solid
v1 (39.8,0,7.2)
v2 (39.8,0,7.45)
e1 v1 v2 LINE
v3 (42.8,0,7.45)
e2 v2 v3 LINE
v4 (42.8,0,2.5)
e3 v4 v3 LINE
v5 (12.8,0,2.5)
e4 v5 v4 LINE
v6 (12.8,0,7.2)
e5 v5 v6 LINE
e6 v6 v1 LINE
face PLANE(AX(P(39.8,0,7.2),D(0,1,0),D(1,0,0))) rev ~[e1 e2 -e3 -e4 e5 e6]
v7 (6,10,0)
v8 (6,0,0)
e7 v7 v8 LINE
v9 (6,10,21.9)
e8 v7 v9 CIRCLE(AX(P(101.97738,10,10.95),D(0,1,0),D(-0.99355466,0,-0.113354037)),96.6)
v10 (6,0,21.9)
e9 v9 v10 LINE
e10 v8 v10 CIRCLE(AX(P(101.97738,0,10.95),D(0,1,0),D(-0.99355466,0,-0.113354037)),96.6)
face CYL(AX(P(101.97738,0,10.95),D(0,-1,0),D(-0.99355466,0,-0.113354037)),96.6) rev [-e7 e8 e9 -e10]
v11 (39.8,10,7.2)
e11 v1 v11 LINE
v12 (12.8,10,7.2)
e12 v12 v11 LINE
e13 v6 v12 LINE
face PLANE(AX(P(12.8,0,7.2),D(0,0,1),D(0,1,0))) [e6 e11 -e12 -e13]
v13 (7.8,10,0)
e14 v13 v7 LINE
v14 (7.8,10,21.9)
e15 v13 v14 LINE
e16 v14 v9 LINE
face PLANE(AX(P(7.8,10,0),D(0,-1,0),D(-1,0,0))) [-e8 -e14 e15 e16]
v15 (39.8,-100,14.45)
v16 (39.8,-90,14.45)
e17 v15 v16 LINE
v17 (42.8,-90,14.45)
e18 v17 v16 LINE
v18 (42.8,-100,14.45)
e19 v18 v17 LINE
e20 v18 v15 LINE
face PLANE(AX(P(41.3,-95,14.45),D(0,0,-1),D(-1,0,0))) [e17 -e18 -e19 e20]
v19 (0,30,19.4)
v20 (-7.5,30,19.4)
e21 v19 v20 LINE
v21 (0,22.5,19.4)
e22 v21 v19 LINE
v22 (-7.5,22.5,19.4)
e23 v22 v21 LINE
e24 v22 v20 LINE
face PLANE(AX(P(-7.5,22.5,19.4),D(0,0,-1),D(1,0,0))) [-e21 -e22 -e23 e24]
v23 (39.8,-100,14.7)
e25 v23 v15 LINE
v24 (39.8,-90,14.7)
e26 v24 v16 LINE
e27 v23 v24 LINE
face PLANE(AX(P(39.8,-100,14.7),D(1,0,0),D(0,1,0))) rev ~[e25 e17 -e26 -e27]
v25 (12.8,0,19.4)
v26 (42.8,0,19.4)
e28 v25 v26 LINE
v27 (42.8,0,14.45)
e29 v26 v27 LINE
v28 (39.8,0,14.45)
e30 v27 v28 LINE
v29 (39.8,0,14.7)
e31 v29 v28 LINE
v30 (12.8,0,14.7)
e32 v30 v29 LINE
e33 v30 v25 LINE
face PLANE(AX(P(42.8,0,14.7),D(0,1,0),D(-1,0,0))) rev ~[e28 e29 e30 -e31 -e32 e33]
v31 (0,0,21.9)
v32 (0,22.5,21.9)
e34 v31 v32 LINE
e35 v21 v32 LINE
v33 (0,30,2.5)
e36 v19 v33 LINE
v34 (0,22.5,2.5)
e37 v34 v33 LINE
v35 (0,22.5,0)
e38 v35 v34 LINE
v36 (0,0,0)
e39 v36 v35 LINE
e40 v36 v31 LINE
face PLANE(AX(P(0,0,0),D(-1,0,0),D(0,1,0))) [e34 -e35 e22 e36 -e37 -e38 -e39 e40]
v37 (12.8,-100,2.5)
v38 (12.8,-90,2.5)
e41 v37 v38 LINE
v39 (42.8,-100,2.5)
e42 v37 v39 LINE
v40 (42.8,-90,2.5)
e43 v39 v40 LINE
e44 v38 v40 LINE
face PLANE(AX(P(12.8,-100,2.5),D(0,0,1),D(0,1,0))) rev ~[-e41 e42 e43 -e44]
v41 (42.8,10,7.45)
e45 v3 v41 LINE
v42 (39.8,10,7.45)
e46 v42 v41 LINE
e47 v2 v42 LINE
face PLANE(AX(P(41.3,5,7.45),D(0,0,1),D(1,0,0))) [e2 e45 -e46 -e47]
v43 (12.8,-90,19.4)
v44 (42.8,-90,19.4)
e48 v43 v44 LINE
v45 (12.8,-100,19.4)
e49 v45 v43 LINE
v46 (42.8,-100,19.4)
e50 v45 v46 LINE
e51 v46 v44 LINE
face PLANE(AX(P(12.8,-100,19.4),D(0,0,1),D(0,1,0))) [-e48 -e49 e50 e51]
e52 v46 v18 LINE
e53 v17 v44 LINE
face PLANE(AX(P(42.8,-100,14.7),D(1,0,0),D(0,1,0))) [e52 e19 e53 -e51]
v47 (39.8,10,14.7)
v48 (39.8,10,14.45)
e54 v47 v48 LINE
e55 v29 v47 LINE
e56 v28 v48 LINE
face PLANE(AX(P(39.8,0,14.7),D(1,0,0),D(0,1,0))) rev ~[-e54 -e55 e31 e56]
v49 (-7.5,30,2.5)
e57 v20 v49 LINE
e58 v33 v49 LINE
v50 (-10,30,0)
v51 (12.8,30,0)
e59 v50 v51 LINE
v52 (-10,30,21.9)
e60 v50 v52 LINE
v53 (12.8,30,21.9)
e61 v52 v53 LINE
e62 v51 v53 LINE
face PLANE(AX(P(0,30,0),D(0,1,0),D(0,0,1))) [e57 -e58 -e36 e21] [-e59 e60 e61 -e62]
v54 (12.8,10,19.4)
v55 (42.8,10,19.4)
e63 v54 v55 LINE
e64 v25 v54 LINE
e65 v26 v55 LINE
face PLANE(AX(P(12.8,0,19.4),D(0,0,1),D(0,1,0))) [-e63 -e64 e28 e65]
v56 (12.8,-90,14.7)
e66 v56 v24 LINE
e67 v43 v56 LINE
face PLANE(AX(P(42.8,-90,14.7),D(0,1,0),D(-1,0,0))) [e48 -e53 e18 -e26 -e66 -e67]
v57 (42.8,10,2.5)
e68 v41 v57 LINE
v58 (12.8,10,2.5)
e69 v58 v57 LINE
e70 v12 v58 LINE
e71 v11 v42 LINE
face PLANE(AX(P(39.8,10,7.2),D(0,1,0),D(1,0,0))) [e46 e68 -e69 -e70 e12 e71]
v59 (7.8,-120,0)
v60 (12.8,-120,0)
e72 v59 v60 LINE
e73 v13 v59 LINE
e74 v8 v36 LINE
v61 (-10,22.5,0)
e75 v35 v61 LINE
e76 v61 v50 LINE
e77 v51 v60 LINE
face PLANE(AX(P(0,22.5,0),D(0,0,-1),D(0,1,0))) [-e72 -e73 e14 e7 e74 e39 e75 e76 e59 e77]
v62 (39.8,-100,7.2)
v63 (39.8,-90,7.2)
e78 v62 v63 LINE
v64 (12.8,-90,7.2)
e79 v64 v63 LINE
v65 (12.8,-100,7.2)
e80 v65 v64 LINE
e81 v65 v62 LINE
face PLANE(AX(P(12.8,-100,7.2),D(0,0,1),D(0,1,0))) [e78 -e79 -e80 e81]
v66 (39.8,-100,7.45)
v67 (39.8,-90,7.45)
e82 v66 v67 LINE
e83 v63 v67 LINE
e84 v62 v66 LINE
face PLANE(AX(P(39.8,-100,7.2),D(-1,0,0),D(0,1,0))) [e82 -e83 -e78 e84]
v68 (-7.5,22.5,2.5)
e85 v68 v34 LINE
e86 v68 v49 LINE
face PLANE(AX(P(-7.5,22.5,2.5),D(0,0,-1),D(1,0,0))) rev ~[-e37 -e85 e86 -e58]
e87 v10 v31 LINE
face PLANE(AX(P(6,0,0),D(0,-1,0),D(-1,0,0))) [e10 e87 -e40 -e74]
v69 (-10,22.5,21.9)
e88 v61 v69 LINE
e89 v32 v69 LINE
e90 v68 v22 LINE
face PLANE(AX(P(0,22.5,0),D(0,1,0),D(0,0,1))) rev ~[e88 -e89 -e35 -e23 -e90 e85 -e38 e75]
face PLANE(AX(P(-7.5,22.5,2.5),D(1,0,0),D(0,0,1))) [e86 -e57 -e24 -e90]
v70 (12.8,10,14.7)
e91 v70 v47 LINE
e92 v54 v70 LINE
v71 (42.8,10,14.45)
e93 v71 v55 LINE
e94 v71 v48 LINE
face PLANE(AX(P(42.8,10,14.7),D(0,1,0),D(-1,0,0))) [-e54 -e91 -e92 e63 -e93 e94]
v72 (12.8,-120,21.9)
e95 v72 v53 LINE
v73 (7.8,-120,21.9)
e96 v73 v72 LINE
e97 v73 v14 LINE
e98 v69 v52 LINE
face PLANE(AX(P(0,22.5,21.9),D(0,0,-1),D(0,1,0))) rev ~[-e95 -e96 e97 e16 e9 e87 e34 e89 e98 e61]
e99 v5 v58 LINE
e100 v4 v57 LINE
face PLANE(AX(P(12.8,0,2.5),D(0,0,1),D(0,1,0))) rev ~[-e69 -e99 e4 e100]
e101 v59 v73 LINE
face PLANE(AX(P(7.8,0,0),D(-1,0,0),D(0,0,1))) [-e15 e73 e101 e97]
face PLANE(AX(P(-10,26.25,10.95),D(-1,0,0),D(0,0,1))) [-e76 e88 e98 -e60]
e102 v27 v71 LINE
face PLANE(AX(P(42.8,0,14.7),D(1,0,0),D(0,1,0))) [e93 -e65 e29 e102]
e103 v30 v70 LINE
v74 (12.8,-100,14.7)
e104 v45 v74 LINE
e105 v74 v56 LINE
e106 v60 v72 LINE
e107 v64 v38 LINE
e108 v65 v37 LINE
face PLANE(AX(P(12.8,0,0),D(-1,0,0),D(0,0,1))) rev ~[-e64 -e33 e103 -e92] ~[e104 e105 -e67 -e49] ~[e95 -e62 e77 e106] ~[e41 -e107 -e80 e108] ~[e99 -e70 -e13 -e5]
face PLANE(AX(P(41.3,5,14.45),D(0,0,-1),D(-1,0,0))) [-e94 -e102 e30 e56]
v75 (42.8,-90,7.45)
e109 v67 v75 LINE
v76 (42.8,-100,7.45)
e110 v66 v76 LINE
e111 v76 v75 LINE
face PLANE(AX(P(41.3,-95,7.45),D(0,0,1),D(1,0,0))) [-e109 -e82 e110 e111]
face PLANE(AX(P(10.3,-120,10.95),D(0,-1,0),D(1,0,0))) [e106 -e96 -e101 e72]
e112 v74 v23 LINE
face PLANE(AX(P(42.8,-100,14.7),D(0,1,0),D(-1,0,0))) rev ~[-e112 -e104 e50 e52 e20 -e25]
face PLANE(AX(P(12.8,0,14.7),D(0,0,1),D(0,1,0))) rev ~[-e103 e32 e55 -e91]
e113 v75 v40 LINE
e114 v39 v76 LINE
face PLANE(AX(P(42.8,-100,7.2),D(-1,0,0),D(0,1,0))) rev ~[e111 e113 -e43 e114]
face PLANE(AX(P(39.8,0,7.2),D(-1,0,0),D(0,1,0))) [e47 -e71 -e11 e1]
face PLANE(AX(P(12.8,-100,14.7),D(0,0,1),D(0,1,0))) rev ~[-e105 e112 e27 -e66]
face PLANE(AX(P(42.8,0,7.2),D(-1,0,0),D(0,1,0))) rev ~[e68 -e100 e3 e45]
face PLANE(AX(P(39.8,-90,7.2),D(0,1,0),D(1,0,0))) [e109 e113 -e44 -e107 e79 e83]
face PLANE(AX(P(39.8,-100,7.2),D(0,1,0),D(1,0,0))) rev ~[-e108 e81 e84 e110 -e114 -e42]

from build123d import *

# Parameters (mm, degrees)
BOSS_EXTRUDE1_DEPTH      = 21.9
SKETCH2_W                = 4.7
SKETCH2_H                = 10
BOSS_EXTRUDE2_DEPTH      = 30
SKETCH3_W                = 5
SKETCH3_H                = 21.9
BOSS_EXTRUDE3_DEPTH      = 120
SKETCH4_W                = 3
SKETCH4_H                = 10
BOSS_EXTRUDE4_DEPTH      = 0.25
SKETCH5_W                = 3
SKETCH5_H                = 10
BOSS_EXTRUDE5_DEPTH      = 0.25
CORTE_EXTRUS_O1_DEPTH    = 10
ESBO_O3_W                = 21.9
ESBO_O3_H                = 7.5
RESSALTO_EXTRUS_O2_DEPTH = 10
ESBO_O4_W                = 7.5
ESBO_O4_H                = 16.9
CORTE_EXTRUS_O2_DEPTH    = 10
PADR_O_LINEAR1_COUNT     = 2
PADR_O_LINEAR1_PITCH     = 100


with BuildPart() as part:
    # Sketch1 → Boss-Extrude1 (new body)
    with BuildSketch(Plane.XY):
        Polygon((0, 0), (0, 30), (12.8, 30), (12.8, 0), (7.8, 0), (7.8, 10), (6, 10), (6, 0), align=None)
    extrude(amount=BOSS_EXTRUDE1_DEPTH)

    # Sketch2 → Boss-Extrude2 (add)
    with BuildSketch(Plane(origin=(12.8, 0, 0), x_dir=(0, 0, -1), z_dir=(1, 0, 0))):
        with Locations((-17.05, 5)):
            Rectangle(SKETCH2_W, SKETCH2_H)
        with Locations((-4.85, 5)):
            Rectangle(SKETCH2_W, SKETCH2_H)
    boss_extrude2 = extrude(amount=BOSS_EXTRUDE2_DEPTH)

    # Sketch3 → Boss-Extrude3 (add)
    with BuildSketch(Plane.XZ):
        with Locations((10.3, 10.95)):
            Rectangle(SKETCH3_W, SKETCH3_H)
    extrude(amount=BOSS_EXTRUDE3_DEPTH)

    # Sketch4 → Boss-Extrude4 (add)
    with BuildSketch(Plane(origin=(0, 0, 14.7), x_dir=(-1, 0, 0), z_dir=(0, 0, -1))):
        with Locations((-41.3, 5)):
            Rectangle(SKETCH4_W, SKETCH4_H)
    boss_extrude4 = extrude(amount=BOSS_EXTRUDE4_DEPTH)

    # Sketch5 → Boss-Extrude5 (add)
    with BuildSketch(Plane.XY.offset(7.2)):
        with Locations((41.3, 5)):
            Rectangle(SKETCH5_W, SKETCH5_H)
    boss_extrude5 = extrude(amount=BOSS_EXTRUDE5_DEPTH)

    # Esboço2 → Corte-extrusão1 (cut)
    with BuildSketch(Plane.XZ):
        with BuildLine():
            Line((6, 21.9), (6, 0))
            ThreePointArc((6, 0), (5.377380148, 10.95), (6, 21.9))
        make_face()
    extrude(amount=-CORTE_EXTRUS_O1_DEPTH, mode=Mode.SUBTRACT)

    # Esboço3 → Ressalto-extrusão2 (add)
    with BuildSketch(Plane.ZY):
        with Locations((10.95, 26.25)):
            Rectangle(ESBO_O3_W, ESBO_O3_H)
    extrude(amount=RESSALTO_EXTRUS_O2_DEPTH)

    # Esboço4 → Corte-extrusão2 (cut)
    with BuildSketch(Plane.XZ.offset(-22.5)):
        with Locations((-3.75, 10.95)):
            Rectangle(ESBO_O4_W, ESBO_O4_H)
    extrude(amount=-CORTE_EXTRUS_O2_DEPTH, mode=Mode.SUBTRACT)

    # Padrão linear1: Boss-Extrude2, Boss-Extrude4, Boss-Extrude5 ×2
    with Locations(*[(0, -i * PADR_O_LINEAR1_PITCH, 0) for i in range(1, PADR_O_LINEAR1_COUNT)]):
        add(boss_extrude2)
        add(boss_extrude4)
        add(boss_extrude5)


solid = part.part
